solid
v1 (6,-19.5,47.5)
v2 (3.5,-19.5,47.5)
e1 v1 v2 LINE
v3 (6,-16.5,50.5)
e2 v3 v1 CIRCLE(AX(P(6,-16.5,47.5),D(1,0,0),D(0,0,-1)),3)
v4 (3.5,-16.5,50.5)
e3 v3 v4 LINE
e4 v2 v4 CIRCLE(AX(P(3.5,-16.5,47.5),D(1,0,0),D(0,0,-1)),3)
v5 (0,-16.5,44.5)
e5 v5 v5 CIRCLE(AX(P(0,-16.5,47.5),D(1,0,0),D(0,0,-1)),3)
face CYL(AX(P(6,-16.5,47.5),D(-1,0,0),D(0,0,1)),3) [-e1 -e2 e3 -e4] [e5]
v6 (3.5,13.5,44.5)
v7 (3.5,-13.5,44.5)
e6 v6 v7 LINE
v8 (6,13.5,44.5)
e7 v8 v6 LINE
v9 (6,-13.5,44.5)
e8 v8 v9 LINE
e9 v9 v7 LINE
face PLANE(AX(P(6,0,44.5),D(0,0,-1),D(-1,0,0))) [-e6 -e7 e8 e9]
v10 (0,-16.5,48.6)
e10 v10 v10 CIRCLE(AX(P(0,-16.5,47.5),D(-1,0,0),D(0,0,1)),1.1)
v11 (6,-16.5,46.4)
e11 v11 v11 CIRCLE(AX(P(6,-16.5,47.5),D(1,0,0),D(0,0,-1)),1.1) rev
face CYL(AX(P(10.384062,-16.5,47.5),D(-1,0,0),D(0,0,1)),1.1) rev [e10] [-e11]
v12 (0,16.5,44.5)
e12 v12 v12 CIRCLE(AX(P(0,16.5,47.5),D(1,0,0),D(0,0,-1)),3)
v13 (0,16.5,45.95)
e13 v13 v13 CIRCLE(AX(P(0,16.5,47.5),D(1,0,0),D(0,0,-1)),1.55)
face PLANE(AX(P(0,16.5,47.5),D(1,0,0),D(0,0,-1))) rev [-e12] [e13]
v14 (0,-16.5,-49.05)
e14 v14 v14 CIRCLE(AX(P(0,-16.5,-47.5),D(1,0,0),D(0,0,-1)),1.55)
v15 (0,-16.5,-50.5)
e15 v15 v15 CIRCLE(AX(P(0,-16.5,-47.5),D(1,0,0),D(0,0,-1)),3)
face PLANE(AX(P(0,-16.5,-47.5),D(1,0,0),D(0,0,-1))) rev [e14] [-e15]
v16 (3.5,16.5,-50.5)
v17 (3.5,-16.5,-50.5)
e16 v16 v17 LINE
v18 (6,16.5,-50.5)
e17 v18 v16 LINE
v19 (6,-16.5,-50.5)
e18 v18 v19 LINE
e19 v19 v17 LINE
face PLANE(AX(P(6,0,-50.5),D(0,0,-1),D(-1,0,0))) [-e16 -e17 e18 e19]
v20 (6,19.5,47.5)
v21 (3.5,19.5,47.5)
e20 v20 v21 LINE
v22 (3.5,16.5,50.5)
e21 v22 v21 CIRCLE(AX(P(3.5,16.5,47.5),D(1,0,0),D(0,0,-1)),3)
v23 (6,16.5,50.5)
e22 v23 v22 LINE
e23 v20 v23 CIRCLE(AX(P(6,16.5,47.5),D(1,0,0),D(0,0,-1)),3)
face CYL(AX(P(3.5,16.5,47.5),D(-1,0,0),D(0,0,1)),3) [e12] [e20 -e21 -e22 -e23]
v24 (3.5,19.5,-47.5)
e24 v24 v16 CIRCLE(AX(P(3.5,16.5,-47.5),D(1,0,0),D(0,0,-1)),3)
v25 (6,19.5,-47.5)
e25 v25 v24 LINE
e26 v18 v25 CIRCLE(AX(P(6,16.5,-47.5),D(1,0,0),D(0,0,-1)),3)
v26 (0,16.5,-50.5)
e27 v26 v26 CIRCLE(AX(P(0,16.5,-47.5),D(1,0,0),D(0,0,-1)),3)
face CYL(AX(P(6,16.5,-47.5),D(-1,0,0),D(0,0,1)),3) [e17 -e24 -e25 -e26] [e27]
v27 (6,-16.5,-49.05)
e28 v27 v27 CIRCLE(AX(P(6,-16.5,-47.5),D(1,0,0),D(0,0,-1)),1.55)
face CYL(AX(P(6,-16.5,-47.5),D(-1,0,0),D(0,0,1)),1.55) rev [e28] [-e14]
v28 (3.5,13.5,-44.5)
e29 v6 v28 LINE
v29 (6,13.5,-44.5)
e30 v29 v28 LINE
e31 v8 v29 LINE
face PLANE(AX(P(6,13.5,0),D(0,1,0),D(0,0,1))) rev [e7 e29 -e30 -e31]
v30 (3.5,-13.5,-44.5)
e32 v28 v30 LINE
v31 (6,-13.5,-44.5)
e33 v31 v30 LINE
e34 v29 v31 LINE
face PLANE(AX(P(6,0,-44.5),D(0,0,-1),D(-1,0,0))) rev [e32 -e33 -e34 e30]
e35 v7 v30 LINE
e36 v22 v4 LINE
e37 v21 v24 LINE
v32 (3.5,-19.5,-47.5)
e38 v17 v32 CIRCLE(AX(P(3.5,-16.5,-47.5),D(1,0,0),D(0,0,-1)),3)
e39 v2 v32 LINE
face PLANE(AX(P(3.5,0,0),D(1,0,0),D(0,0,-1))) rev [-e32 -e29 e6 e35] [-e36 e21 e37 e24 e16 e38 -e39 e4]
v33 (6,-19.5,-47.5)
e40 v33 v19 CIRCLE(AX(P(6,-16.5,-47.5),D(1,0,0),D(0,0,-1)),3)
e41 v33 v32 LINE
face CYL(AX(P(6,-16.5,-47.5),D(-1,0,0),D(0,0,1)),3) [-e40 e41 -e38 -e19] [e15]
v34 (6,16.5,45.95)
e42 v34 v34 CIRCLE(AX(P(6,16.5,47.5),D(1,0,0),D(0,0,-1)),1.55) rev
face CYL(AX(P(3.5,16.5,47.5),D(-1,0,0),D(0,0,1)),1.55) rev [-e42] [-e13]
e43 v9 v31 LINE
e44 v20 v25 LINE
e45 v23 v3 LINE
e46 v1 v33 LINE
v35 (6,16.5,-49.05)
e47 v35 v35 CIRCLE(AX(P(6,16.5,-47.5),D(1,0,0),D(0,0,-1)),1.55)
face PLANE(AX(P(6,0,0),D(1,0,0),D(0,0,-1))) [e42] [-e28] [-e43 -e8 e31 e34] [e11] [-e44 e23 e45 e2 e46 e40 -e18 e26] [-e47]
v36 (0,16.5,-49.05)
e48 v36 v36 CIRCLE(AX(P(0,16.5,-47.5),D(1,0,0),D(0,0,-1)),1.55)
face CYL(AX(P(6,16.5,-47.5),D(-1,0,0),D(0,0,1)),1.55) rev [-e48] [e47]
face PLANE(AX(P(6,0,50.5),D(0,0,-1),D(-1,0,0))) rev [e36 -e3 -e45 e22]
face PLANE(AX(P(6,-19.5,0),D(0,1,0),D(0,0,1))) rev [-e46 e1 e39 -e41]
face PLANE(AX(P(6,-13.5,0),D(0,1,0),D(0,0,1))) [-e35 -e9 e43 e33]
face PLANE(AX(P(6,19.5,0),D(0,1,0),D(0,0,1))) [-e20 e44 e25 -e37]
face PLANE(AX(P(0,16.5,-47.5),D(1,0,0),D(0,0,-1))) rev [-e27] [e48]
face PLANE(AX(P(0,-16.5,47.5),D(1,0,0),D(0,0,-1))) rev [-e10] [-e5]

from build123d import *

# Parameters (mm, degrees)
SKETCH1_R             = 3
SKETCH1_R_2           = 1.55
BOSS_EXTRUDE1_DEPTH   = 3.5
BOSS_EXTRUDE1_2_DEPTH = 3.5
BOSS_EXTRUDE1_3_DEPTH = 3.5
BOSS_EXTRUDE1_4_DEPTH = 3.5
SKETCH2_R             = 3
SKETCH2_R_2           = 1.55
BOSS_EXTRUDE2_DEPTH   = 2.5
SKETCH3_W             = 6
SKETCH3_H             = 6
BOSS_EXTRUDE3_DEPTH   = 5
SKETCH4_W             = 6
SKETCH4_H             = 15
BOSS_EXTRUDE4_DEPTH   = 2.5
SKETCH5_W             = 4
SKETCH5_H             = 6
BOSS_EXTRUDE5_DEPTH   = 21.9
SKETCH6_W             = 6.7
SKETCH6_H             = 15
BOSS_EXTRUDE6_DEPTH   = 2.5
SKETCH7_R             = 1.55
SKETCH7_R_2           = 1.1
BOSS_EXTRUDE7_DEPTH   = 6


with BuildPart() as part:
    # Sketch1 → Boss-Extrude1 (new body)
    with BuildSketch(Plane(origin=(0, 0, 0), x_dir=(0, 0, -1), z_dir=(1, 0, 0))):
        with Locations((-47.5, 16.5)):
            Circle(SKETCH1_R)
        with Locations((-47.5, 16.5)):
            Circle(SKETCH1_R_2, mode=Mode.SUBTRACT)
    extrude(amount=BOSS_EXTRUDE1_DEPTH)



with BuildPart() as body_2:
    # Sketch1 → Boss-Extrude1 2 (new body)
    with BuildSketch(Plane(origin=(0, 0, 0), x_dir=(0, 0, -1), z_dir=(1, 0, 0))):
        with Locations((-47.5, -16.5)):
            Circle(SKETCH1_R)
        with Locations((-47.5, -16.5)):
            Circle(SKETCH1_R_2, mode=Mode.SUBTRACT)
    extrude(amount=BOSS_EXTRUDE1_2_DEPTH)


with BuildPart() as body_3:
    # Sketch1 → Boss-Extrude1 3 (new body)
    with BuildSketch(Plane(origin=(0, 0, 0), x_dir=(0, 0, -1), z_dir=(1, 0, 0))):
        with Locations((47.5, -16.5)):
            Circle(SKETCH1_R)
        with Locations((47.5, -16.5)):
            Circle(SKETCH1_R_2, mode=Mode.SUBTRACT)
    extrude(amount=BOSS_EXTRUDE1_3_DEPTH)


with BuildPart() as body_4:
    # Sketch1 → Boss-Extrude1 4 (new body)
    with BuildSketch(Plane(origin=(0, 0, 0), x_dir=(0, 0, -1), z_dir=(1, 0, 0))):
        with Locations((47.5, 16.5)):
            Circle(SKETCH1_R)
        with Locations((47.5, 16.5)):
            Circle(SKETCH1_R_2, mode=Mode.SUBTRACT)
    extrude(amount=BOSS_EXTRUDE1_4_DEPTH)


with BuildPart() as part_1:
    add(part.part)

    add(body_2.part)  # Boss-Extrude2 merges body 2

    add(body_3.part)  # Boss-Extrude2 merges body 3

    add(body_4.part)  # Boss-Extrude2 merges body 4
    # Sketch2 → Boss-Extrude2 (add)
    # profile 1 of 12: a face of its own
    with BuildSketch(Plane(origin=(3.5, 0, 0), x_dir=(0, 0, -1), z_dir=(1, 0, 0))):
        with BuildLine():
            Line((47.5, 19.5), (-47.5, 19.5))
            ThreePointArc((-47.5, 19.5), (-45.378679656, 18.621320344), (-44.5, 16.5))
            Line((-44.5, 16.5), (-44.5, 13.5))
            Line((-44.5, 13.5), (44.5, 13.5))
            Line((44.5, 13.5), (44.5, 16.5))
            ThreePointArc((44.5, 16.5), (45.378679656, 18.621320344), (47.5, 19.5))
        make_face()
    # profile 2 of 12: a face of its own
    with BuildSketch(Plane(origin=(3.5, 0, 0), x_dir=(0, 0, -1), z_dir=(1, 0, 0))):
        with Locations(Location((-47.5, 16.5, 0), (0, 0, 180))):
            Circle(SKETCH2_R)
        with Locations((-47.5, 16.5)):
            Circle(SKETCH2_R_2, mode=Mode.SUBTRACT)
    # profile 3 of 12: a face of its own
    with BuildSketch(Plane(origin=(3.5, 0, 0), x_dir=(0, 0, -1), z_dir=(1, 0, 0))):
        with BuildLine():
            Line((-44.5, 13.5), (-44.5, 16.5))
            ThreePointArc((-44.5, 16.5), (-45.378679656, 14.378679656), (-47.5, 13.5))
            Line((-47.5, 13.5), (-44.5, 13.5))
        make_face()
    # profile 4 of 12: a face of its own
    with BuildSketch(Plane(origin=(3.5, 0, 0), x_dir=(0, 0, -1), z_dir=(1, 0, 0))):
        with BuildLine():
            ThreePointArc((-47.5, 13.5), (-49.621320344, 14.378679656), (-50.5, 16.5))
            Line((-50.5, 16.5), (-50.5, -16.5))
            ThreePointArc((-50.5, -16.5), (-49.621320344, -14.378679656), (-47.5, -13.5))
            Line((-47.5, -13.5), (-44.5, -13.5))
            Line((-44.5, -13.5), (-44.5, 13.5))
            Line((-44.5, 13.5), (-47.5, 13.5))
        make_face()
    # profile 5 of 12: a face of its own
    with BuildSketch(Plane(origin=(3.5, 0, 0), x_dir=(0, 0, -1), z_dir=(1, 0, 0))):
        with BuildLine():
            Line((-44.5, -16.5), (-44.5, -13.5))
            Line((-44.5, -13.5), (-47.5, -13.5))
            ThreePointArc((-47.5, -13.5), (-45.378679656, -14.378679656), (-44.5, -16.5))
        make_face()
    # profile 6 of 12: a face of its own
    with BuildSketch(Plane(origin=(3.5, 0, 0), x_dir=(0, 0, -1), z_dir=(1, 0, 0))):
        with BuildLine():
            Line((44.5, -13.5), (-44.5, -13.5))
            Line((-44.5, -13.5), (-44.5, -16.5))
            ThreePointArc((-44.5, -16.5), (-45.378679656, -18.621320344), (-47.5, -19.5))
            Line((-47.5, -19.5), (47.5, -19.5))
            ThreePointArc((47.5, -19.5), (45.378679656, -18.621320344), (44.5, -16.5))
            Line((44.5, -16.5), (44.5, -13.5))
        make_face()
    # profile 7 of 12: a face of its own
    with BuildSketch(Plane(origin=(3.5, 0, 0), x_dir=(0, 0, -1), z_dir=(1, 0, 0))):
        with Locations(Location((-47.5, -16.5, 0), (0, 0, 180))):
            Circle(SKETCH2_R)
        with Locations((-47.5, -16.5)):
            Circle(SKETCH2_R_2, mode=Mode.SUBTRACT)
    # profile 8 of 12: a face of its own
    with BuildSketch(Plane(origin=(3.5, 0, 0), x_dir=(0, 0, -1), z_dir=(1, 0, 0))):
        with BuildLine():
            Line((50.5, -16.5), (50.5, 16.5))
            ThreePointArc((50.5, 16.5), (49.621320344, 14.378679656), (47.5, 13.5))
            Line((47.5, 13.5), (44.5, 13.5))
            Line((44.5, 13.5), (44.5, -13.5))
            Line((44.5, -13.5), (47.5, -13.5))
            ThreePointArc((47.5, -13.5), (49.621320344, -14.378679656), (50.5, -16.5))
        make_face()
    # profile 9 of 12: a face of its own
    with BuildSketch(Plane(origin=(3.5, 0, 0), x_dir=(0, 0, -1), z_dir=(1, 0, 0))):
        with BuildLine():
            ThreePointArc((44.5, -16.5), (45.378679656, -14.378679656), (47.5, -13.5))
            Line((47.5, -13.5), (44.5, -13.5))
            Line((44.5, -13.5), (44.5, -16.5))
        make_face()
    # profile 10 of 12: a face of its own
    with BuildSketch(Plane(origin=(3.5, 0, 0), x_dir=(0, 0, -1), z_dir=(1, 0, 0))):
        with Locations((47.5, -16.5)):
            Circle(SKETCH2_R)
        with Locations((47.5, -16.5)):
            Circle(SKETCH2_R_2, mode=Mode.SUBTRACT)
    # profile 11 of 12: a face of its own
    with BuildSketch(Plane(origin=(3.5, 0, 0), x_dir=(0, 0, -1), z_dir=(1, 0, 0))):
        with BuildLine():
            ThreePointArc((47.5, 13.5), (45.378679656, 14.378679656), (44.5, 16.5))
            Line((44.5, 16.5), (44.5, 13.5))
            Line((44.5, 13.5), (47.5, 13.5))
        make_face()
    # profile 12 of 12: a face of its own
    with BuildSketch(Plane(origin=(3.5, 0, 0), x_dir=(0, 0, -1), z_dir=(1, 0, 0))):
        with Locations((47.5, 16.5)):
            Circle(SKETCH2_R)
        with Locations((47.5, 16.5)):
            Circle(SKETCH2_R_2, mode=Mode.SUBTRACT)
    extrude(amount=BOSS_EXTRUDE2_DEPTH)

    # Sketch3 → Boss-Extrude3 (add)
    with BuildSketch(Plane(origin=(6, 0, 0), x_dir=(0, 0, -1), z_dir=(1, 0, 0))):
        with Locations((47.5, -10.5)):
            Rectangle(SKETCH3_W, SKETCH3_H)
        with Locations((-47.5, -10.5)):
            Rectangle(SKETCH3_W, SKETCH3_H)
    extrude(amount=BOSS_EXTRUDE3_DEPTH)

    # Sketch4 → Boss-Extrude4 (add)
    with BuildSketch(Plane(origin=(11, 0, 0), x_dir=(0, 0, -1), z_dir=(1, 0, 0))):
        with Locations((47.5, -15)):
            Rectangle(SKETCH4_W, SKETCH4_H)
    extrude(amount=BOSS_EXTRUDE4_DEPTH)

    # Sketch5 → Boss-Extrude5 (add)
    with BuildSketch(Plane.XY.offset(50.5)):
        with Locations((9, -10.5)):
            Rectangle(SKETCH5_W, SKETCH5_H)
    extrude(amount=BOSS_EXTRUDE5_DEPTH)

    # Sketch6 → Boss-Extrude6 (add)
    with BuildSketch(Plane(origin=(11, 0, 0), x_dir=(0, 0, -1), z_dir=(1, 0, 0))):
        with Locations((-69.05, -15)):
            Rectangle(SKETCH6_W, SKETCH6_H)
    extrude(amount=BOSS_EXTRUDE6_DEPTH)


with BuildPart() as body_2_2:
    # Split1: the piece on the far side of the plane
    add(part_1.part)
    split(bisect_by=Plane(origin=(6, 0, 0), x_dir=(0, 0, 1), z_dir=(1, 0, 0)), keep=Keep.BOTTOM)

    # Sketch7 → Boss-Extrude7 (add)
    with BuildSketch(Plane.ZY):
        with Locations((47.5, -16.5)):
            Circle(SKETCH7_R)
        with Locations((47.5, -16.5)):
            Circle(SKETCH7_R_2, mode=Mode.SUBTRACT)
    extrude(amount=-BOSS_EXTRUDE7_DEPTH)


with BuildPart() as part_2:
    add(part_1.part)

    # Split1
    split(bisect_by=Plane(origin=(6, 0, 0), x_dir=(0, 0, 1), z_dir=(1, 0, 0)), keep=Keep.TOP)


solid = body_2_2.part
